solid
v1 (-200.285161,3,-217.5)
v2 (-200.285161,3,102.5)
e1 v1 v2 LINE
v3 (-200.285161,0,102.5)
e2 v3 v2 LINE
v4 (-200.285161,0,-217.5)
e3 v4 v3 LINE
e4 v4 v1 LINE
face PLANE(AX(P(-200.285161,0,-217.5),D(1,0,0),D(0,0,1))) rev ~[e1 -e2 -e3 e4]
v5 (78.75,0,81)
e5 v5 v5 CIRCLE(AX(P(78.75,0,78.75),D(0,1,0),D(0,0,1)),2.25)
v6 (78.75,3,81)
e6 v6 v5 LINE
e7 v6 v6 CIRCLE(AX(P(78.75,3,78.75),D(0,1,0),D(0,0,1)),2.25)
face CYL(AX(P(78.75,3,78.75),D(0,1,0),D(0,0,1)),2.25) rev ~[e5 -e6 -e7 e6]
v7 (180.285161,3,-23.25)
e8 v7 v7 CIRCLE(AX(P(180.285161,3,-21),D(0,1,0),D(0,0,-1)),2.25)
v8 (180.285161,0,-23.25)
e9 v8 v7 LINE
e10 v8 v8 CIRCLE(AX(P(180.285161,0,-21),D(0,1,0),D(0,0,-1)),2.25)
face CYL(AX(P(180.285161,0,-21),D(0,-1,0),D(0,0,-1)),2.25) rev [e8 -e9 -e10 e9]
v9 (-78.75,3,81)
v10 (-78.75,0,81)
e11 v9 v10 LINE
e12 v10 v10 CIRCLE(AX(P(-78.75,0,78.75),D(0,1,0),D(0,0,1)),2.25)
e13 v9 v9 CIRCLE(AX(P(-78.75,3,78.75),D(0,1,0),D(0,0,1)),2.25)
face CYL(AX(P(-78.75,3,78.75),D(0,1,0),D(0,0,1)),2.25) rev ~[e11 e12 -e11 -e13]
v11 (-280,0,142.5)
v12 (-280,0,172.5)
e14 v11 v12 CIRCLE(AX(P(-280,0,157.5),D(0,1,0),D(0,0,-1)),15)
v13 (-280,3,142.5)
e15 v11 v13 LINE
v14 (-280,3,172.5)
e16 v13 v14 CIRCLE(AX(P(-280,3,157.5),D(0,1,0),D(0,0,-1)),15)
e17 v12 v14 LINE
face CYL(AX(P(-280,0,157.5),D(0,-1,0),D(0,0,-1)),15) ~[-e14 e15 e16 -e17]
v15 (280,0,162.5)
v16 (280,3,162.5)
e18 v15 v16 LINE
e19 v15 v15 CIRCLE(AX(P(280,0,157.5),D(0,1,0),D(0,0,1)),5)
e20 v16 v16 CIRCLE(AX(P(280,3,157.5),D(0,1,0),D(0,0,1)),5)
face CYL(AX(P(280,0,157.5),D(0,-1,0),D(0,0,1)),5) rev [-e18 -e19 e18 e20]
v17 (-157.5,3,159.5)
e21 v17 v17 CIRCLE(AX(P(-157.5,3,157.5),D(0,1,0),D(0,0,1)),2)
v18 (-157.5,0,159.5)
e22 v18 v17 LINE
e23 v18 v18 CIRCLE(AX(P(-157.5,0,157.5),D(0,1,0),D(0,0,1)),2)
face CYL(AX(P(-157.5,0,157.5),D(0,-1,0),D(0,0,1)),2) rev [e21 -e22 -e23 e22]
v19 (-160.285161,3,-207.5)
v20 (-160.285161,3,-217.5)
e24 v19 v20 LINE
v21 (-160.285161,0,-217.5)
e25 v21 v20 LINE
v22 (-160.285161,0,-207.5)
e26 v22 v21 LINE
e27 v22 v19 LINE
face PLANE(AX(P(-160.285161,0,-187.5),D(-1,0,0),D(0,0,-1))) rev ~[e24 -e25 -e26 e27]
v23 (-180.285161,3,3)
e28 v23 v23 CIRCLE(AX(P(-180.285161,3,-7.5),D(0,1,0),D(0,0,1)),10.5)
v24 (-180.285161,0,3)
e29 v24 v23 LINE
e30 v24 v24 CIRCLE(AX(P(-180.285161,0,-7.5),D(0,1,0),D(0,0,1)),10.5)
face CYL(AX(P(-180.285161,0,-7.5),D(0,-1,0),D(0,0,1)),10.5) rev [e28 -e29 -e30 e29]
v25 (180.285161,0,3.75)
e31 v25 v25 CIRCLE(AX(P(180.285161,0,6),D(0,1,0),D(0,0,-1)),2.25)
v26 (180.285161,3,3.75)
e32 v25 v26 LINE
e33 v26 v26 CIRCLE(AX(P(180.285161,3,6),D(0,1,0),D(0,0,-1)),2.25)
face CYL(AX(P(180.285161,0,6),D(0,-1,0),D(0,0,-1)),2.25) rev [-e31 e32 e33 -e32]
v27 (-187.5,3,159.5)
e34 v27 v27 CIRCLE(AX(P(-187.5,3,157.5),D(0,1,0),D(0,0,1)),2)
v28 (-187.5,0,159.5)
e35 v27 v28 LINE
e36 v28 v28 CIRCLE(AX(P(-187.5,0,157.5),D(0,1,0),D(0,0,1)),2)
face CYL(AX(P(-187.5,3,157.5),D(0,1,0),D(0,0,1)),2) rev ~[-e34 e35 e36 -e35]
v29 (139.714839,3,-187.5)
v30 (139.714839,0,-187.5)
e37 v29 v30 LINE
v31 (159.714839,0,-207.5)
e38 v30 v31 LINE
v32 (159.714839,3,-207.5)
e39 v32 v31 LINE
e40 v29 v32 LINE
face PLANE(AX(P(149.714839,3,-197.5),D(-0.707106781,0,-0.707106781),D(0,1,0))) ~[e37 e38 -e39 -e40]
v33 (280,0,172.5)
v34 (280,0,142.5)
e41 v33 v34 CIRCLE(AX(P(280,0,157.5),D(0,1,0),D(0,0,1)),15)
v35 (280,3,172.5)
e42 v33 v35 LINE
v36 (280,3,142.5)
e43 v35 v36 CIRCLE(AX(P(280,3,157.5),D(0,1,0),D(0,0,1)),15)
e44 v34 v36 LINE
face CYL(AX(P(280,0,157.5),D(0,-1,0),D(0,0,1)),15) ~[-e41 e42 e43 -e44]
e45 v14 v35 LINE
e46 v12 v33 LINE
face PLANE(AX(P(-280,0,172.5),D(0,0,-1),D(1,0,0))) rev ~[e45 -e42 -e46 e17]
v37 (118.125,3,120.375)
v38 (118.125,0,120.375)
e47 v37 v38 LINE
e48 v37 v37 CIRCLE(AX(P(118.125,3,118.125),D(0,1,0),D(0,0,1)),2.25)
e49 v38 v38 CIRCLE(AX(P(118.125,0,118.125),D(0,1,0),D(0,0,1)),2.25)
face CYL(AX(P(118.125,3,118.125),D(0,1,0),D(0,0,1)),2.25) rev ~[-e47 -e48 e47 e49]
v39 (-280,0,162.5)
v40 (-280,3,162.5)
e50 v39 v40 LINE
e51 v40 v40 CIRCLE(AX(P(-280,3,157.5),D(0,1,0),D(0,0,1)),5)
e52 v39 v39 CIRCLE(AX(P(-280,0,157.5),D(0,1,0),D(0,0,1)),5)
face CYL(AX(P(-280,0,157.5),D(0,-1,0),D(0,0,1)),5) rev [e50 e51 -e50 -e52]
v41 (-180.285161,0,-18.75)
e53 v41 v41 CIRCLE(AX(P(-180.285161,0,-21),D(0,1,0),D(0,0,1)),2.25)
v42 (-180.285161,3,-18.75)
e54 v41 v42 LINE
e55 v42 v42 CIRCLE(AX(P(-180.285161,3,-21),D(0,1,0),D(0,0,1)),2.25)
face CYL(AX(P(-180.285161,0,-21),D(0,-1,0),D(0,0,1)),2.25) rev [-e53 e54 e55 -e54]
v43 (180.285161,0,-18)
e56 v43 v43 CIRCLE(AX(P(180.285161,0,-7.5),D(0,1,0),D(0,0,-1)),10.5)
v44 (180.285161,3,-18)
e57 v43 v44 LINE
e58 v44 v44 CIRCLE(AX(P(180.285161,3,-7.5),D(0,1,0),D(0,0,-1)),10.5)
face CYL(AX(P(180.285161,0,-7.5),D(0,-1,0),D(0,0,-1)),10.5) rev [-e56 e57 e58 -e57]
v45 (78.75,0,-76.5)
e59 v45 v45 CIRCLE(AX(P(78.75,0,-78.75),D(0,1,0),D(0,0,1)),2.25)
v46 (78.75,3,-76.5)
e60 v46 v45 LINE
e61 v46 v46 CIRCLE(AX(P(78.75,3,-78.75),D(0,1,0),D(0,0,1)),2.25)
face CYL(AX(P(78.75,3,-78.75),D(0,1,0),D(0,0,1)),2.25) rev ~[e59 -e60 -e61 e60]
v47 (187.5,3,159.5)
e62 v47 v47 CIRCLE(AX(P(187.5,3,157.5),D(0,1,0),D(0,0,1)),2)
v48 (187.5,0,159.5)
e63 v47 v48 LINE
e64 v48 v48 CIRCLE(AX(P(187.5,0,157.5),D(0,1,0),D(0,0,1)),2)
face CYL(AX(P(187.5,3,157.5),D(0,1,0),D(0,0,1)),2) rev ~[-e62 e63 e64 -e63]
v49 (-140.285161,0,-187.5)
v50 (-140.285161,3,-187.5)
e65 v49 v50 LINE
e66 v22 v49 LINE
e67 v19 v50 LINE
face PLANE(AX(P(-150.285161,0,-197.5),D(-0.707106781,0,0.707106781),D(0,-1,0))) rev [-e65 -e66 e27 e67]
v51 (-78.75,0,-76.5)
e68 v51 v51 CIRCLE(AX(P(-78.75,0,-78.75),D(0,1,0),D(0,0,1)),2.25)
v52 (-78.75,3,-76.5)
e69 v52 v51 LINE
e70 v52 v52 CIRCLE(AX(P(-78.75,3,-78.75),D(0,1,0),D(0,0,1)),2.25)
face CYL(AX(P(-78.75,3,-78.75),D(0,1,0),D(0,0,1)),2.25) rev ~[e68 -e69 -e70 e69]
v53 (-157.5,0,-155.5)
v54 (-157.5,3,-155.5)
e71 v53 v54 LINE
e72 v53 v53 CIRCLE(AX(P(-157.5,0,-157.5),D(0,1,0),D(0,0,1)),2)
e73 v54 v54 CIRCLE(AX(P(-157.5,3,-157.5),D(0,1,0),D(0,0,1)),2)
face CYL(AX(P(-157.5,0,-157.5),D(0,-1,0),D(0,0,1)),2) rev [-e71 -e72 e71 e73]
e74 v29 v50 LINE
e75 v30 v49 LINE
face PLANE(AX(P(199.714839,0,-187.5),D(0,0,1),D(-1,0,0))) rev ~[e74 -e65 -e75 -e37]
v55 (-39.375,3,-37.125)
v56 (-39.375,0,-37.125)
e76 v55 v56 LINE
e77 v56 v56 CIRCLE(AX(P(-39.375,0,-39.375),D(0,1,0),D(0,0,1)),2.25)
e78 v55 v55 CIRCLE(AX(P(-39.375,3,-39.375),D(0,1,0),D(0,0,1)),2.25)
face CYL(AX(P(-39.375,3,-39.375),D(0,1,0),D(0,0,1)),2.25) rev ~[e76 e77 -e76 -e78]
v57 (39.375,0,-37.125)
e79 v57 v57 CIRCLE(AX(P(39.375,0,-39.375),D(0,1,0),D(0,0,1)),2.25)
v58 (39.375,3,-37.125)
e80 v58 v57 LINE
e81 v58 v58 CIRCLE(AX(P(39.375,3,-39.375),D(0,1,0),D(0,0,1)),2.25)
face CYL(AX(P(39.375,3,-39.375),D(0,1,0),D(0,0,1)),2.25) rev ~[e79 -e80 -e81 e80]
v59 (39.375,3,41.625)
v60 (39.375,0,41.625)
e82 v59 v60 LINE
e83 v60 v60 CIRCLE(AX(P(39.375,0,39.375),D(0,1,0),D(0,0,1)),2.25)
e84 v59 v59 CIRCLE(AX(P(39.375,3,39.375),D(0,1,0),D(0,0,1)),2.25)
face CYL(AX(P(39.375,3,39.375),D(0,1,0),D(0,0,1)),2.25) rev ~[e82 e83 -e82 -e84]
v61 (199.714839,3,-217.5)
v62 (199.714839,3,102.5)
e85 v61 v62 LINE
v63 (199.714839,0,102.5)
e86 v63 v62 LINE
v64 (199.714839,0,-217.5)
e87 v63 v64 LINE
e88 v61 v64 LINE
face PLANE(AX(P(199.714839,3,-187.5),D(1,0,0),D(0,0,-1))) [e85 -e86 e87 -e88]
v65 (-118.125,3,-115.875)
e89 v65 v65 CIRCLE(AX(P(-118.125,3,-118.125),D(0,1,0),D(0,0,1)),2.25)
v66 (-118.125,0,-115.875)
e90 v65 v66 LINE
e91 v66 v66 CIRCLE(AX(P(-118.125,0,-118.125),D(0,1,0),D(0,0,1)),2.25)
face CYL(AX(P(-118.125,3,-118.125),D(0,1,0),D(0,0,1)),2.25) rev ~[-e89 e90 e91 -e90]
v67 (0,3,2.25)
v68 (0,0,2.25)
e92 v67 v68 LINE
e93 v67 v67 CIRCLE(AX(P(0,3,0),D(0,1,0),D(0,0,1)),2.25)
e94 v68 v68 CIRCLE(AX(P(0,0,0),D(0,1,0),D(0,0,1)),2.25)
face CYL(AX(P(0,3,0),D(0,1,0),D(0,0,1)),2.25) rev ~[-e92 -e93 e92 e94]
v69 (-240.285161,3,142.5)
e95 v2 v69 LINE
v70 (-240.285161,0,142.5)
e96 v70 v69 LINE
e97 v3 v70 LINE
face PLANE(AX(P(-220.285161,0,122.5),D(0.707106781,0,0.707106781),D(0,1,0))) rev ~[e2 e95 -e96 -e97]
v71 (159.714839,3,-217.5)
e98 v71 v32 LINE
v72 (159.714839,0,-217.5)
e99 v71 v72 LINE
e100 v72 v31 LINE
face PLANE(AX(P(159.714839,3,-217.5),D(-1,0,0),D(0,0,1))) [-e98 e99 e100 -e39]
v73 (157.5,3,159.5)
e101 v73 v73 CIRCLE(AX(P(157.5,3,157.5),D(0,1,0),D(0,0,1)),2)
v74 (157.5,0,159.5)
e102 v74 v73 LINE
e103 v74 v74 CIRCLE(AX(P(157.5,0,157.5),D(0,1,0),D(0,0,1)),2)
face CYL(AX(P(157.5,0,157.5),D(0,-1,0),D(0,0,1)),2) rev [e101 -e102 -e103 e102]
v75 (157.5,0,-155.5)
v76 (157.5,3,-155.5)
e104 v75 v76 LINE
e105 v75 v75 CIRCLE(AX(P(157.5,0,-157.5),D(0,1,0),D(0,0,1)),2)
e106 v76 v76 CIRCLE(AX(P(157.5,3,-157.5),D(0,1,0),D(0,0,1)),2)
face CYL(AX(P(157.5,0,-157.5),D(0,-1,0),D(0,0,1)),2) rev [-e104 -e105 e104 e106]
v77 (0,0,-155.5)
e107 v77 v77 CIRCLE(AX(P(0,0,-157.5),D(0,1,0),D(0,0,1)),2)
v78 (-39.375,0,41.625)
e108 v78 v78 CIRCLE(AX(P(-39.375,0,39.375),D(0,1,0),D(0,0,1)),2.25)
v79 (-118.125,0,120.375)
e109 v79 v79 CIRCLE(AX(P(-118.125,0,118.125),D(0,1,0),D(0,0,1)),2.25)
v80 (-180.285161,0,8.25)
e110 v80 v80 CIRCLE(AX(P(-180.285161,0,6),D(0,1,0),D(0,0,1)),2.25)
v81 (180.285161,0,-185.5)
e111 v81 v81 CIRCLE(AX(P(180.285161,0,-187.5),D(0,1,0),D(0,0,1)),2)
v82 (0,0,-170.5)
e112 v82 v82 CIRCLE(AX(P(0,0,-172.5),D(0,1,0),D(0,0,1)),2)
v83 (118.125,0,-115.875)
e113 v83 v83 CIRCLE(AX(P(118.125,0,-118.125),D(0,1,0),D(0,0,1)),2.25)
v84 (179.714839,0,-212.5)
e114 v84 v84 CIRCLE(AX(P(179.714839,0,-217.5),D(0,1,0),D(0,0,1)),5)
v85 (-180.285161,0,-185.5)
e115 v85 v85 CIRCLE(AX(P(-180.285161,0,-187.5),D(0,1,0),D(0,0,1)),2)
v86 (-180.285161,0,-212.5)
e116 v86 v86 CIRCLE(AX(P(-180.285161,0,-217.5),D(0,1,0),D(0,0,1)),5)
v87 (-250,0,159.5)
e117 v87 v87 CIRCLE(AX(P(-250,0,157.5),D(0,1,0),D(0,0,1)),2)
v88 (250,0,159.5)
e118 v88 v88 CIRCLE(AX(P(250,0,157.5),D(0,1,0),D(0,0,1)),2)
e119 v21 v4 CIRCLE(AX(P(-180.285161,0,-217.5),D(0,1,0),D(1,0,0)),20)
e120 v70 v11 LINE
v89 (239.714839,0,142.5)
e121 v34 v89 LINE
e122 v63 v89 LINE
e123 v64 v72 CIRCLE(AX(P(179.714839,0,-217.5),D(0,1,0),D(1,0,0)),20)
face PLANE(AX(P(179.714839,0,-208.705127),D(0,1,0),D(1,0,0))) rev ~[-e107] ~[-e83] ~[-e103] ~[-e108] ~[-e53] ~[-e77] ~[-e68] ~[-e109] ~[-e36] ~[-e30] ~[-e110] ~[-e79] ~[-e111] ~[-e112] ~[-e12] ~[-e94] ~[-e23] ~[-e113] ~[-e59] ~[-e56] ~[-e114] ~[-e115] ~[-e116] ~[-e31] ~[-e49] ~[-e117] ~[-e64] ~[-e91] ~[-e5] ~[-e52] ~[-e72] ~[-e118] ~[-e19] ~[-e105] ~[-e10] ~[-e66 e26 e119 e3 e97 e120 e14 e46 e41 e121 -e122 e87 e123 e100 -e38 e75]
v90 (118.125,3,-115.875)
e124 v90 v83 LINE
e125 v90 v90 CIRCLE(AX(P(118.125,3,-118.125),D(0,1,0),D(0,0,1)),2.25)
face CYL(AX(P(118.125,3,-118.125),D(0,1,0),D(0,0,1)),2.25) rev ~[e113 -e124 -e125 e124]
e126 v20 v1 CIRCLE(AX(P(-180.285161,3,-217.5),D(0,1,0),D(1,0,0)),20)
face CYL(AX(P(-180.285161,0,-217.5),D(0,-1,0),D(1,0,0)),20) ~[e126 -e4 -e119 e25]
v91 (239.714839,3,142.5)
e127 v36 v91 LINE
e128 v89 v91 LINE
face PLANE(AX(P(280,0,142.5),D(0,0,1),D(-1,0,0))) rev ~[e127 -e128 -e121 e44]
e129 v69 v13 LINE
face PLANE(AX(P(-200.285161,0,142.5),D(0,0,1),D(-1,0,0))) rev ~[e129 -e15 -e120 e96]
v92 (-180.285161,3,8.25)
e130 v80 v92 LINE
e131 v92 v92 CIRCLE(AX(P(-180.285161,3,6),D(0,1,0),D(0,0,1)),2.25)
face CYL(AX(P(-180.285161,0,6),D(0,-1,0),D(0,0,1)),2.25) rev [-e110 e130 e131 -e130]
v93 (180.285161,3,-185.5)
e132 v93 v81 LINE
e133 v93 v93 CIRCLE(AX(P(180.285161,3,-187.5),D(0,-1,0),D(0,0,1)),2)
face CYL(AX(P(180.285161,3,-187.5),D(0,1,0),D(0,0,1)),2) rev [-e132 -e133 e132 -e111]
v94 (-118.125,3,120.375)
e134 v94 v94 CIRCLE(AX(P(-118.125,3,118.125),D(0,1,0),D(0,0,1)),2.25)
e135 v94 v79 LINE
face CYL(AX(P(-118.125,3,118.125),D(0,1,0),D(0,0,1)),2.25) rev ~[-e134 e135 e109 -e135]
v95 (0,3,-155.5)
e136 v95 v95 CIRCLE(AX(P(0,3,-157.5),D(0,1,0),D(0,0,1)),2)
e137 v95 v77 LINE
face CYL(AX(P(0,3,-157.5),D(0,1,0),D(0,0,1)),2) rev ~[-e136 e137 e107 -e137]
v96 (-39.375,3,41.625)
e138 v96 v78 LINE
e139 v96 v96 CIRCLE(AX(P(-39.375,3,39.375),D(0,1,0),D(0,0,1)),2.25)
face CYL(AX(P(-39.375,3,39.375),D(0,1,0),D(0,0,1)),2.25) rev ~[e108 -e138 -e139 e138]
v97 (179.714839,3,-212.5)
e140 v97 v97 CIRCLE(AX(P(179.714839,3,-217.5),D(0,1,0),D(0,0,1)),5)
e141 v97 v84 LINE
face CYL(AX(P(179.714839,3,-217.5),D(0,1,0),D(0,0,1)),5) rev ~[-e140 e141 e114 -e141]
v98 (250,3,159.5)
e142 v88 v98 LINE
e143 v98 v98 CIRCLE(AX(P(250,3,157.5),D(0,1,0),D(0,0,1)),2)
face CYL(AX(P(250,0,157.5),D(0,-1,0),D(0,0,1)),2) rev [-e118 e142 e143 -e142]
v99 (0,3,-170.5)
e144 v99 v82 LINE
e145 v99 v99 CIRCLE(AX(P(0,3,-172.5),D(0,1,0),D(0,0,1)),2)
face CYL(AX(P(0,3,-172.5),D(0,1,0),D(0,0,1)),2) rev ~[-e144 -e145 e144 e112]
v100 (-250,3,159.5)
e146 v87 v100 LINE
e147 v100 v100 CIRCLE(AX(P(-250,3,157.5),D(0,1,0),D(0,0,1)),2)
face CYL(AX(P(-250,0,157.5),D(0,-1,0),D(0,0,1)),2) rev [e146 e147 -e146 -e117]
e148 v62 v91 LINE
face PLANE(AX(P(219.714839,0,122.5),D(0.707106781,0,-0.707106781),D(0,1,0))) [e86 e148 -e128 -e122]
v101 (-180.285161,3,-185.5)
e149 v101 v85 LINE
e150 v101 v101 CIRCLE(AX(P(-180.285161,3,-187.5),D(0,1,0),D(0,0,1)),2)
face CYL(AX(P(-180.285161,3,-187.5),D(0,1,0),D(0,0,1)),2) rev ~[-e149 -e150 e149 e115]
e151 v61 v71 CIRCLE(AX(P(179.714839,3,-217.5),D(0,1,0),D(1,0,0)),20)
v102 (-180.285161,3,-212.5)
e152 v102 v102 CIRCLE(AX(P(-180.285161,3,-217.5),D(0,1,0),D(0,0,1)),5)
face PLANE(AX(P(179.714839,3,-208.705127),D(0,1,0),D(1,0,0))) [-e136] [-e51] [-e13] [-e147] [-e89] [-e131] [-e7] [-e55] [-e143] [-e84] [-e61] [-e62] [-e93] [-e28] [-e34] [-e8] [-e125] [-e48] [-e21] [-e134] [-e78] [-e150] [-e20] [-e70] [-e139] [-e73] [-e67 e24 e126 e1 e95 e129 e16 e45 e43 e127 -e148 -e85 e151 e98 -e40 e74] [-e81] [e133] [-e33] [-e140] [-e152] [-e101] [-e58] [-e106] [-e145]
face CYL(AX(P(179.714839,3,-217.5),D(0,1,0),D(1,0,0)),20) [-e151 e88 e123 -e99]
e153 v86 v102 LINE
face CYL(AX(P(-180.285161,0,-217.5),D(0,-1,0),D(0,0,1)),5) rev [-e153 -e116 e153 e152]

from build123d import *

# Parameters (mm, degrees)
SKETCH1_R           = 2
SKETCH1_R_2         = 5
SKETCH1_R_3         = 10.5
SKETCH1_R_4         = 2.25
BOSS_EXTRUDE1_DEPTH = 3
SKETCH2_R           = 5
BOSS_EXTRUDE2_DEPTH = 3
CHAMFER2_SIZE       = 20
CHAMFER3_SIZE       = 40
SKETCH3_R           = 2
CUT_EXTRUDE1_DEPTH  = 10
SKETCH5_R           = 2.25
CUT_EXTRUDE2_DEPTH  = 10
SKETCH6_R           = 2
CUT_EXTRUDE3_DEPTH  = 171
SKETCH7_R           = 2
CUT_EXTRUDE4_DEPTH  = 22


with BuildPart() as part:
    # Sketch1 → Boss-Extrude1 (new body)
    with BuildSketch(Plane(origin=(0, 0, 0), x_dir=(1, 0, 0), z_dir=(0, 1, 0))):
        with BuildLine():
            Line((-200.2851606, -142.500000035), (-280, -142.500000035))
            ThreePointArc((-280, -142.500000035), (-294.999999965, -157.5), (-280, -172.499999965))
            Line((-280, -172.499999965), (280, -172.499999965))
            ThreePointArc((280, -172.499999965), (294.999999965, -157.5), (280, -142.500000035))
            Line((280, -142.500000035), (199.7148394, -142.500000035))
            Line((199.7148394, -142.500000035), (199.7148394, 187.499999965))
            Line((199.7148394, 187.499999965), (-160.2851606, 187.499999965))
            Line((-160.2851606, 187.499999965), (-160.2851606, 217.499999965))
            ThreePointArc((-160.2851606, 217.499999965), (-180.2851606, 237.499999965), (-200.2851606, 217.499999965))
            Line((-200.2851606, 217.499999965), (-200.2851606, 187.499999965))
            Line((-200.2851606, 187.499999965), (-200.2851606, -142.500000035))
        make_face()
        with Locations(Location((-157.5, 157.5, 0), (0, 0, 270))):
            Circle(SKETCH1_R, mode=Mode.SUBTRACT)
        with Locations(Location((157.5, 157.5, 0), (0, 0, 270))):
            Circle(SKETCH1_R, mode=Mode.SUBTRACT)
        with Locations(Location((157.5, -157.5, 0), (0, 0, 270))):
            Circle(SKETCH1_R, mode=Mode.SUBTRACT)
        with Locations(Location((-157.5, -157.5, 0), (0, 0, 270))):
            Circle(SKETCH1_R, mode=Mode.SUBTRACT)
        with Locations(Location((-280, -157.5, 0), (0, 0, 270))):
            Circle(SKETCH1_R_2, mode=Mode.SUBTRACT)
        with Locations(Location((280, -157.5, 0), (0, 0, 270))):
            Circle(SKETCH1_R_2, mode=Mode.SUBTRACT)
        with Locations(Location((-250, -157.5, 0), (0, 0, 270))):
            Circle(SKETCH1_R, mode=Mode.SUBTRACT)
        with Locations(Location((250, -157.5, 0), (0, 0, 270))):
            Circle(SKETCH1_R, mode=Mode.SUBTRACT)
        with Locations(Location((-180.2851606, 7.499999983, 0), (0, 0, 270))):
            Circle(SKETCH1_R_3, mode=Mode.SUBTRACT)
        with Locations(Location((-180.2851606, 20.999999983, 0), (0, 0, 270))):
            Circle(SKETCH1_R_4, mode=Mode.SUBTRACT)
        with Locations(Location((-180.2851606, -6.000000017, 0), (0, 0, 270))):
            Circle(SKETCH1_R_4, mode=Mode.SUBTRACT)
        with Locations(Location((180.2851606, -6.000000017, 0), (0, 0, 90))):
            Circle(SKETCH1_R_4, mode=Mode.SUBTRACT)
        with Locations(Location((180.2851606, 20.999999983, 0), (0, 0, 90))):
            Circle(SKETCH1_R_4, mode=Mode.SUBTRACT)
        with Locations(Location((180.2851606, 7.499999983, 0), (0, 0, 90))):
            Circle(SKETCH1_R_3, mode=Mode.SUBTRACT)
        with Locations(Location((-180.2851606, 217.499999965, 0), (0, 0, 270))):
            Circle(SKETCH1_R_2, mode=Mode.SUBTRACT)
    extrude(amount=BOSS_EXTRUDE1_DEPTH)

    # Sketch2 → Boss-Extrude2 (add)
    with BuildSketch(Plane(origin=(0, 3, 0), x_dir=(1, 0, 0), z_dir=(0, 1, 0))):
        with BuildLine():
            Line((199.7148394, 187.499999965), (199.7148394, 217.499999965))
            ThreePointArc((199.7148394, 217.499999965), (179.7148394, 237.499999965), (159.7148394, 217.499999965))
            Line((159.7148394, 217.499999965), (159.7148394, 187.499999965))
            Line((159.7148394, 187.499999965), (199.7148394, 187.499999965))
        make_face()
        with Locations(Location((179.7148394, 217.499999965, 0), (0, 0, 270))):
            Circle(SKETCH2_R, mode=Mode.SUBTRACT)
    extrude(amount=-BOSS_EXTRUDE2_DEPTH)

    # Chamfer2
    chamfer2_edges = [part.edges().sort_by_distance(p)[0] for p in [
        (-160.2851606, 1.5, -187.499999965),
        (159.7148394, 1.5, -187.499999965),
    ]]
    chamfer(chamfer2_edges, length=CHAMFER2_SIZE)

    # Chamfer3
    chamfer3_edges = [part.edges().sort_by_distance(p)[0] for p in [
        (-200.2851606, 1.5, 142.500000035),
        (199.7148394, 1.5, 142.500000035),
    ]]
    chamfer(chamfer3_edges, length=CHAMFER3_SIZE)

    # Sketch3 → Cut-Extrude1 (cut)
    with BuildSketch(Plane(origin=(0, 3, 0), x_dir=(1, 0, 0), z_dir=(0, 1, 0))):
        with Locations(Location((-180.2851606, 187.499999965, 0), (0, 0, 270))):
            Circle(SKETCH3_R)
    cut_extrude1 = extrude(amount=-CUT_EXTRUDE1_DEPTH, mode=Mode.SUBTRACT)

    # Mirror1: Cut-Extrude1 across plane
    add(cut_extrude1.mirror(Plane(origin=(0, 0, 0), x_dir=(0, 0, 1), z_dir=(1, 0, 0))), mode=Mode.SUBTRACT)

    # Sketch5 → Cut-Extrude2 (cut)
    with BuildSketch(Plane(origin=(0, 3, 0), x_dir=(1, 0, 0), z_dir=(0, 1, 0))):
        with Locations(Location((118.125, -118.125, 0), (0, 0, 270))):
            Circle(SKETCH5_R)
        with Locations(Location((78.75, -78.75, 0), (0, 0, 270))):
            Circle(SKETCH5_R)
        with Locations(Location((39.375, -39.375, 0), (0, 0, 270))):
            Circle(SKETCH5_R)
        with Locations(Location((-39.375, -39.375, 0), (0, 0, 270))):
            Circle(SKETCH5_R)
        with Locations(Location((-78.75, -78.75, 0), (0, 0, 270))):
            Circle(SKETCH5_R)
        with Locations(Location((-118.125, -118.125, 0), (0, 0, 270))):
            Circle(SKETCH5_R)
        with Locations(Location((-39.375, 39.375, 0), (0, 0, 270))):
            Circle(SKETCH5_R)
        with Locations(Location((-78.75, 78.75, 0), (0, 0, 270))):
            Circle(SKETCH5_R)
        with Locations(Location((-118.125, 118.125, 0), (0, 0, 270))):
            Circle(SKETCH5_R)
        with Locations(Location((39.375, 39.375, 0), (0, 0, 270))):
            Circle(SKETCH5_R)
        with Locations(Location((78.75, 78.75, 0), (0, 0, 270))):
            Circle(SKETCH5_R)
        with Locations(Location((118.125, 118.125, 0), (0, 0, 270))):
            Circle(SKETCH5_R)
        with Locations(Location((0, 0, 0), (0, 0, 270))):
            Circle(SKETCH5_R)
    extrude(amount=-CUT_EXTRUDE2_DEPTH, mode=Mode.SUBTRACT)

    # Sketch6 → Cut-Extrude3 (cut)
    with BuildSketch(Plane(origin=(0, 3, 0), x_dir=(1, 0, 0), z_dir=(0, 1, 0))):
        with Locations(Location((0, 157.5, 0), (0, 0, 270))):
            Circle(SKETCH6_R)
        with Locations(Location((-187.5, -157.5, 0), (0, 0, 270))):
            Circle(SKETCH6_R)
        with Locations(Location((187.5, -157.5, 0), (0, 0, 270))):
            Circle(SKETCH6_R)
    extrude(amount=-CUT_EXTRUDE3_DEPTH, mode=Mode.SUBTRACT)

    # Sketch7 → Cut-Extrude4 (cut)
    with BuildSketch(Plane(origin=(0, 3, 0), x_dir=(1, 0, 0), z_dir=(0, 1, 0))):
        with Locations(Location((0, 172.5, 0), (0, 0, 270))):
            Circle(SKETCH7_R)
    extrude(amount=-CUT_EXTRUDE4_DEPTH, mode=Mode.SUBTRACT)


solid = part.part
